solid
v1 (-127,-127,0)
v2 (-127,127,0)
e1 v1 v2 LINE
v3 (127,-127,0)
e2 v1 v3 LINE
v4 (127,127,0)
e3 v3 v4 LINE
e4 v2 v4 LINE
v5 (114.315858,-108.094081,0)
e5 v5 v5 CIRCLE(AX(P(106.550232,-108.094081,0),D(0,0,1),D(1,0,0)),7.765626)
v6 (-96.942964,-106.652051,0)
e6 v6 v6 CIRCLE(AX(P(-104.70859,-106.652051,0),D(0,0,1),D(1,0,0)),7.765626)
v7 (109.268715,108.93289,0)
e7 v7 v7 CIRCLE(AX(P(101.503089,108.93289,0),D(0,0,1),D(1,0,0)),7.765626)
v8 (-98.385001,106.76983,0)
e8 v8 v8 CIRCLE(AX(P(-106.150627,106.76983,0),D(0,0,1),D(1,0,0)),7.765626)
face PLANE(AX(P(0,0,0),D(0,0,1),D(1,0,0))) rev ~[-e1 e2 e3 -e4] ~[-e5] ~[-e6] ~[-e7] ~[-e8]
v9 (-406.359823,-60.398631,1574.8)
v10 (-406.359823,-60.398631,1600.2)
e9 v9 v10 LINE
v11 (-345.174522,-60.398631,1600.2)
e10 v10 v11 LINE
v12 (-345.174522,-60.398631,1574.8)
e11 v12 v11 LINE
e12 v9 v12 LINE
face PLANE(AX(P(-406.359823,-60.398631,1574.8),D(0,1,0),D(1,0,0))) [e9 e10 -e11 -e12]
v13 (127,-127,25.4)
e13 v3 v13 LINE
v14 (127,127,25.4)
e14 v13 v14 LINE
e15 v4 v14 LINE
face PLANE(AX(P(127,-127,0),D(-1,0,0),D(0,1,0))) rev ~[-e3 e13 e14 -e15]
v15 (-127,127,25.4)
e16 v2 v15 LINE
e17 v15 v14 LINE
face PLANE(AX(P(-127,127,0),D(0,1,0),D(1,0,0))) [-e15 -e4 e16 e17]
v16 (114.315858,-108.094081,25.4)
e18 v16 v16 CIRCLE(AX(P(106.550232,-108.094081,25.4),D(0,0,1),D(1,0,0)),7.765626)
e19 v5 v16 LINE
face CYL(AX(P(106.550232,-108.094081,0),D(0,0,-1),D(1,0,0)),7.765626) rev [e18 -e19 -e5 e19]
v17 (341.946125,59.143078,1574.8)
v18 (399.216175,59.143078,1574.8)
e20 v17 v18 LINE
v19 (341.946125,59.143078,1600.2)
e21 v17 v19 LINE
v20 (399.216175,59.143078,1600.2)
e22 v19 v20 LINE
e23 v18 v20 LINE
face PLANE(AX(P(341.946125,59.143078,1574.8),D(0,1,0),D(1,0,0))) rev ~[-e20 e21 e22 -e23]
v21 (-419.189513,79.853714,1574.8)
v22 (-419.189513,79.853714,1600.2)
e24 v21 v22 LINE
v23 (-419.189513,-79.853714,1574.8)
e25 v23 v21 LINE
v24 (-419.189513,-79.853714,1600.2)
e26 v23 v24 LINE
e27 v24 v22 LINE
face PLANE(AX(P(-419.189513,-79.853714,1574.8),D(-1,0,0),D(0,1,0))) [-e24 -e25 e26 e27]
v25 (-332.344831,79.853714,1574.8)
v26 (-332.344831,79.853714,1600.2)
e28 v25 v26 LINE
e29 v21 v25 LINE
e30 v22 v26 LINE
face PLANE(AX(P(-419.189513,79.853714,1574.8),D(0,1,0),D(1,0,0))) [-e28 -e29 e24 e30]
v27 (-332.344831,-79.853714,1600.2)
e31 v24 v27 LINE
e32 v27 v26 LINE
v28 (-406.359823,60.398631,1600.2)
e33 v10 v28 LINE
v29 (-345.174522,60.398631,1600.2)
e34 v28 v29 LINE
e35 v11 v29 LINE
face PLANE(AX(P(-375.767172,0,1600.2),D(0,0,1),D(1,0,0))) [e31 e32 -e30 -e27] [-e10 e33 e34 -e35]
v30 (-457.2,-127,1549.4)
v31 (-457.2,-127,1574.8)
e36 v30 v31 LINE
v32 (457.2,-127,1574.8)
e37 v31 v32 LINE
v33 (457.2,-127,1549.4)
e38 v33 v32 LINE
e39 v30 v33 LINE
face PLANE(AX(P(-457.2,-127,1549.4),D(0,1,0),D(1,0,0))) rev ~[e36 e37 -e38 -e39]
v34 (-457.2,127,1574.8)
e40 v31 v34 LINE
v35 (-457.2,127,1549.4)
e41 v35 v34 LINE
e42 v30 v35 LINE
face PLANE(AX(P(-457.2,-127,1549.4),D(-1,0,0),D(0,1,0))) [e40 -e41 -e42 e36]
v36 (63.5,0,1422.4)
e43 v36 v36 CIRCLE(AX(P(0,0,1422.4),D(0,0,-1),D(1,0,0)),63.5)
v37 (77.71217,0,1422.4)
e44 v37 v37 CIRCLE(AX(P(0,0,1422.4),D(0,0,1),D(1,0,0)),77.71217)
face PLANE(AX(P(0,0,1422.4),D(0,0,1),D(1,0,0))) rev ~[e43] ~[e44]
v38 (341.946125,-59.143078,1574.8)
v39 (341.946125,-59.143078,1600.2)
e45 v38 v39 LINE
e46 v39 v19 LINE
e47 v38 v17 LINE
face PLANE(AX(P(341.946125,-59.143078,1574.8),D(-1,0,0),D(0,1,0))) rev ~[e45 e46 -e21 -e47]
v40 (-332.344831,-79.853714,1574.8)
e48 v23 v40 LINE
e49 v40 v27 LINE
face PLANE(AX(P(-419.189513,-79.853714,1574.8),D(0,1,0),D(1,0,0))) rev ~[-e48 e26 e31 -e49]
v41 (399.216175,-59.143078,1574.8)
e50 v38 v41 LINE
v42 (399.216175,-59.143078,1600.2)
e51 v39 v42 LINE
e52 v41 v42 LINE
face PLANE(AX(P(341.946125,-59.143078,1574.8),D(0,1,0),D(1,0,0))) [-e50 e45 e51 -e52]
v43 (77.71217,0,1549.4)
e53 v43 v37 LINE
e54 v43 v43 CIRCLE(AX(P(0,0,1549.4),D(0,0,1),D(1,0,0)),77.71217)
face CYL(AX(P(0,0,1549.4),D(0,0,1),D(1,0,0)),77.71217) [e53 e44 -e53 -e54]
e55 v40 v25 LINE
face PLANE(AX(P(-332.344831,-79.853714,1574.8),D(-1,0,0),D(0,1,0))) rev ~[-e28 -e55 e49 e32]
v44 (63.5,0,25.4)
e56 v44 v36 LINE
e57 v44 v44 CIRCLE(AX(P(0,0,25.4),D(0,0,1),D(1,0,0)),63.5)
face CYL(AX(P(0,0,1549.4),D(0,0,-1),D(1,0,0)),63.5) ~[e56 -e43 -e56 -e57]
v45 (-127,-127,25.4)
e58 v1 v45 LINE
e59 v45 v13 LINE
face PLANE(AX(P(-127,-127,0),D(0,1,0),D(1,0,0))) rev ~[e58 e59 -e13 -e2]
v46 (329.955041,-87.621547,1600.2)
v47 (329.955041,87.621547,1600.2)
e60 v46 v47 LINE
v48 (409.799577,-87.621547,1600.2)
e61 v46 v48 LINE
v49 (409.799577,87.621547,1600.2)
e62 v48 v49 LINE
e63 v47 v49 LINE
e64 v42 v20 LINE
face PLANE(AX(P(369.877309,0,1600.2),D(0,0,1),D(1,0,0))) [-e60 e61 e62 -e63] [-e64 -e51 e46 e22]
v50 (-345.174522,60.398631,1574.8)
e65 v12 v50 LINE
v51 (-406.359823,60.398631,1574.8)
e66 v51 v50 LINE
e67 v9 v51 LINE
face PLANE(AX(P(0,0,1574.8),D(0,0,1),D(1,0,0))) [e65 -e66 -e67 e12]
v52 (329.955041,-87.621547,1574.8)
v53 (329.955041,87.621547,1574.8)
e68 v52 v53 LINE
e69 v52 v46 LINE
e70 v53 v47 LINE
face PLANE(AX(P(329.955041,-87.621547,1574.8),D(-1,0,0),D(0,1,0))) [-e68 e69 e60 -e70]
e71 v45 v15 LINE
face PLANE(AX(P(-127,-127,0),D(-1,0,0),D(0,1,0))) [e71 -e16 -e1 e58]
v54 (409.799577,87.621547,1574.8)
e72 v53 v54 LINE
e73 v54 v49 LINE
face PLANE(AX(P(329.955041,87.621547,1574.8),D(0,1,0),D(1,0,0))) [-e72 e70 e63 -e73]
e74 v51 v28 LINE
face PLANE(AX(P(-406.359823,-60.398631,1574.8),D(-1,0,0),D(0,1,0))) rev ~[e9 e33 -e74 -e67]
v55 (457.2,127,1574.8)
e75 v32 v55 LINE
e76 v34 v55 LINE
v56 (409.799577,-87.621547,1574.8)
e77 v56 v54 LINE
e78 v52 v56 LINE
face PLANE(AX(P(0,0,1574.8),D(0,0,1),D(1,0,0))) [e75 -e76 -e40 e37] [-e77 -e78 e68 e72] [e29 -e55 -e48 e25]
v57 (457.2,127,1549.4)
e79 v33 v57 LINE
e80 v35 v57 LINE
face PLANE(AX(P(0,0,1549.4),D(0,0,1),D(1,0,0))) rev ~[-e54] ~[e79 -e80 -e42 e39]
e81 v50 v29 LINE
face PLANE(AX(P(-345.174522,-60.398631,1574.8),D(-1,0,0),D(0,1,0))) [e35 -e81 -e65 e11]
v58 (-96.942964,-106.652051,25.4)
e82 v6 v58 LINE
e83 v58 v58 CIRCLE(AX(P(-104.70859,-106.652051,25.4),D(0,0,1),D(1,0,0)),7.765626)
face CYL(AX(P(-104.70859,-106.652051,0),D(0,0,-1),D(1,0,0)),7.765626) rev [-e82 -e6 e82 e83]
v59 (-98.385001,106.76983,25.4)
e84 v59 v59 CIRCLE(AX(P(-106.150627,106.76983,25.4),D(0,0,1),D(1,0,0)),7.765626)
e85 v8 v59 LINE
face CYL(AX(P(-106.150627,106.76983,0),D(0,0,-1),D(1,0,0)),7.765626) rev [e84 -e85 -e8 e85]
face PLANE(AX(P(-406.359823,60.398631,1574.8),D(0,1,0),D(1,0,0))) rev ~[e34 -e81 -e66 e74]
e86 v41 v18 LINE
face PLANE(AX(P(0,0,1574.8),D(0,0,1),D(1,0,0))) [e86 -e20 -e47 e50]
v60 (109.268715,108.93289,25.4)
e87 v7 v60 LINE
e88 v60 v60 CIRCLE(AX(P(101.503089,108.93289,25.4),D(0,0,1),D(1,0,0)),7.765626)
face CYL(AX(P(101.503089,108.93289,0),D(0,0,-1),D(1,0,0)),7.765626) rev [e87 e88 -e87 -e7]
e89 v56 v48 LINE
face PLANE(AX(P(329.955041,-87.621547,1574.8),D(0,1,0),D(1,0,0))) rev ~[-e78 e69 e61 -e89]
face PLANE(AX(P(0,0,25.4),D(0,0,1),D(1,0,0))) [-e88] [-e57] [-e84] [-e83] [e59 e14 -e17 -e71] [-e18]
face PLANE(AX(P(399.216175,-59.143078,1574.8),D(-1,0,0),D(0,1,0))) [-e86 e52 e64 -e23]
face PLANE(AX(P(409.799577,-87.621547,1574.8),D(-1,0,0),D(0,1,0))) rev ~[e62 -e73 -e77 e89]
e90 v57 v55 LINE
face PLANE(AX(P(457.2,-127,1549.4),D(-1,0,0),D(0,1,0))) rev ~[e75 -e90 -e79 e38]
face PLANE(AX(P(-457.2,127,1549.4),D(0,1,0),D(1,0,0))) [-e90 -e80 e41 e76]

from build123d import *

# Parameters (mm, degrees)
F0_W      = 254
F0_H      = 254
F0_R      = 7.765626
F0_R_2    = 62.44742
F1_DEPTH  = 25.4
F2_R      = 63.5
F3_DEPTH  = 1524
F4_R      = 63.5
F5_DEPTH  = 25.4
F4_W      = 914.4
F4_H      = 254
F6_DEPTH  = 25.4
F8_W      = 79.844535
F8_H      = 175.243094
F8_W_2    = 57.27005
F8_H_2    = 118.286156
F9_W      = 79.844535
F9_H      = 175.243094
F9_W_2    = 57.27005
F9_H_2    = 118.286156
F9_W_3    = 45.544207
F9_H_3    = 10.561109
F10_DEPTH = 25.4
F11_W     = 86.844683
F11_H     = 159.707428
F11_W_2   = 61.185301
F11_H_2   = 120.797262
F12_DEPTH = 25.4
F13_R     = 77.71217
F14_DEPTH = 127


with BuildPart() as f1:
    # F0 (on Top) → F1 (new body)
    with BuildSketch(Plane.XY):
        Rectangle(F0_W, F0_H)
        with Locations((-104.70859, -106.652051)):
            Circle(F0_R, mode=Mode.SUBTRACT)
        with Locations((106.550232, -108.094081)):
            Circle(F0_R, mode=Mode.SUBTRACT)
        with Locations((-106.150627, 106.76983)):
            Circle(F0_R, mode=Mode.SUBTRACT)
        Circle(F0_R_2, mode=Mode.SUBTRACT)
        with Locations((101.503089, 108.93289)):
            Circle(F0_R, mode=Mode.SUBTRACT)
        Circle(F0_R_2)
    extrude(amount=F1_DEPTH)

    # F2 (on face) → F3 (join)
    with BuildSketch(Plane.XY.offset(25.4)):
        Circle(F2_R)
    extrude(amount=F3_DEPTH)

    # F4 (on face) → F5 (join)
    with BuildSketch(Plane.XY.offset(1549.4)):
        Circle(F4_R)
    extrude(amount=F5_DEPTH)

    # F4 (on face) → F6 (join)
    with BuildSketch(Plane.XY.offset(1549.4)):
        Rectangle(F4_W, F4_H)
        Circle(F4_R, mode=Mode.SUBTRACT)
    extrude(amount=F6_DEPTH)

    # F8 (on face) + F9 (on face) → F10 (join)
    with BuildSketch(Plane.XY.offset(1574.8)):
        with Locations((369.877309, 0)):
            Rectangle(F8_W, F8_H)
        with Locations((370.58115, 0)):
            Rectangle(F8_W_2, F8_H_2, mode=Mode.SUBTRACT)
    with BuildSketch(Plane.XY.offset(1574.8)):
        with Locations((369.877309, 0)):
            Rectangle(F9_W, F9_H)
        with Locations((370.58115, 0)):
            Rectangle(F9_W_2, F9_H_2, mode=Mode.SUBTRACT)
        with Locations((371.858775, 73.884032)):
            Rectangle(F9_W_3, F9_H_3, mode=Mode.SUBTRACT)
    extrude(amount=F10_DEPTH)

    # F11 (on face) → F12 (join)
    with BuildSketch(Plane.XY.offset(1574.8)):
        with Locations((-375.767172, 0)):
            Rectangle(F11_W, F11_H)
        with Locations((-375.767172, 0)):
            Rectangle(F11_W_2, F11_H_2, mode=Mode.SUBTRACT)
    extrude(amount=F12_DEPTH)

    # F13 (on face) → F14 (join)
    with BuildSketch(Plane.XY.offset(1549.4)):
        Circle(F13_R)
    extrude(amount=-F14_DEPTH)


solid = f1.part
